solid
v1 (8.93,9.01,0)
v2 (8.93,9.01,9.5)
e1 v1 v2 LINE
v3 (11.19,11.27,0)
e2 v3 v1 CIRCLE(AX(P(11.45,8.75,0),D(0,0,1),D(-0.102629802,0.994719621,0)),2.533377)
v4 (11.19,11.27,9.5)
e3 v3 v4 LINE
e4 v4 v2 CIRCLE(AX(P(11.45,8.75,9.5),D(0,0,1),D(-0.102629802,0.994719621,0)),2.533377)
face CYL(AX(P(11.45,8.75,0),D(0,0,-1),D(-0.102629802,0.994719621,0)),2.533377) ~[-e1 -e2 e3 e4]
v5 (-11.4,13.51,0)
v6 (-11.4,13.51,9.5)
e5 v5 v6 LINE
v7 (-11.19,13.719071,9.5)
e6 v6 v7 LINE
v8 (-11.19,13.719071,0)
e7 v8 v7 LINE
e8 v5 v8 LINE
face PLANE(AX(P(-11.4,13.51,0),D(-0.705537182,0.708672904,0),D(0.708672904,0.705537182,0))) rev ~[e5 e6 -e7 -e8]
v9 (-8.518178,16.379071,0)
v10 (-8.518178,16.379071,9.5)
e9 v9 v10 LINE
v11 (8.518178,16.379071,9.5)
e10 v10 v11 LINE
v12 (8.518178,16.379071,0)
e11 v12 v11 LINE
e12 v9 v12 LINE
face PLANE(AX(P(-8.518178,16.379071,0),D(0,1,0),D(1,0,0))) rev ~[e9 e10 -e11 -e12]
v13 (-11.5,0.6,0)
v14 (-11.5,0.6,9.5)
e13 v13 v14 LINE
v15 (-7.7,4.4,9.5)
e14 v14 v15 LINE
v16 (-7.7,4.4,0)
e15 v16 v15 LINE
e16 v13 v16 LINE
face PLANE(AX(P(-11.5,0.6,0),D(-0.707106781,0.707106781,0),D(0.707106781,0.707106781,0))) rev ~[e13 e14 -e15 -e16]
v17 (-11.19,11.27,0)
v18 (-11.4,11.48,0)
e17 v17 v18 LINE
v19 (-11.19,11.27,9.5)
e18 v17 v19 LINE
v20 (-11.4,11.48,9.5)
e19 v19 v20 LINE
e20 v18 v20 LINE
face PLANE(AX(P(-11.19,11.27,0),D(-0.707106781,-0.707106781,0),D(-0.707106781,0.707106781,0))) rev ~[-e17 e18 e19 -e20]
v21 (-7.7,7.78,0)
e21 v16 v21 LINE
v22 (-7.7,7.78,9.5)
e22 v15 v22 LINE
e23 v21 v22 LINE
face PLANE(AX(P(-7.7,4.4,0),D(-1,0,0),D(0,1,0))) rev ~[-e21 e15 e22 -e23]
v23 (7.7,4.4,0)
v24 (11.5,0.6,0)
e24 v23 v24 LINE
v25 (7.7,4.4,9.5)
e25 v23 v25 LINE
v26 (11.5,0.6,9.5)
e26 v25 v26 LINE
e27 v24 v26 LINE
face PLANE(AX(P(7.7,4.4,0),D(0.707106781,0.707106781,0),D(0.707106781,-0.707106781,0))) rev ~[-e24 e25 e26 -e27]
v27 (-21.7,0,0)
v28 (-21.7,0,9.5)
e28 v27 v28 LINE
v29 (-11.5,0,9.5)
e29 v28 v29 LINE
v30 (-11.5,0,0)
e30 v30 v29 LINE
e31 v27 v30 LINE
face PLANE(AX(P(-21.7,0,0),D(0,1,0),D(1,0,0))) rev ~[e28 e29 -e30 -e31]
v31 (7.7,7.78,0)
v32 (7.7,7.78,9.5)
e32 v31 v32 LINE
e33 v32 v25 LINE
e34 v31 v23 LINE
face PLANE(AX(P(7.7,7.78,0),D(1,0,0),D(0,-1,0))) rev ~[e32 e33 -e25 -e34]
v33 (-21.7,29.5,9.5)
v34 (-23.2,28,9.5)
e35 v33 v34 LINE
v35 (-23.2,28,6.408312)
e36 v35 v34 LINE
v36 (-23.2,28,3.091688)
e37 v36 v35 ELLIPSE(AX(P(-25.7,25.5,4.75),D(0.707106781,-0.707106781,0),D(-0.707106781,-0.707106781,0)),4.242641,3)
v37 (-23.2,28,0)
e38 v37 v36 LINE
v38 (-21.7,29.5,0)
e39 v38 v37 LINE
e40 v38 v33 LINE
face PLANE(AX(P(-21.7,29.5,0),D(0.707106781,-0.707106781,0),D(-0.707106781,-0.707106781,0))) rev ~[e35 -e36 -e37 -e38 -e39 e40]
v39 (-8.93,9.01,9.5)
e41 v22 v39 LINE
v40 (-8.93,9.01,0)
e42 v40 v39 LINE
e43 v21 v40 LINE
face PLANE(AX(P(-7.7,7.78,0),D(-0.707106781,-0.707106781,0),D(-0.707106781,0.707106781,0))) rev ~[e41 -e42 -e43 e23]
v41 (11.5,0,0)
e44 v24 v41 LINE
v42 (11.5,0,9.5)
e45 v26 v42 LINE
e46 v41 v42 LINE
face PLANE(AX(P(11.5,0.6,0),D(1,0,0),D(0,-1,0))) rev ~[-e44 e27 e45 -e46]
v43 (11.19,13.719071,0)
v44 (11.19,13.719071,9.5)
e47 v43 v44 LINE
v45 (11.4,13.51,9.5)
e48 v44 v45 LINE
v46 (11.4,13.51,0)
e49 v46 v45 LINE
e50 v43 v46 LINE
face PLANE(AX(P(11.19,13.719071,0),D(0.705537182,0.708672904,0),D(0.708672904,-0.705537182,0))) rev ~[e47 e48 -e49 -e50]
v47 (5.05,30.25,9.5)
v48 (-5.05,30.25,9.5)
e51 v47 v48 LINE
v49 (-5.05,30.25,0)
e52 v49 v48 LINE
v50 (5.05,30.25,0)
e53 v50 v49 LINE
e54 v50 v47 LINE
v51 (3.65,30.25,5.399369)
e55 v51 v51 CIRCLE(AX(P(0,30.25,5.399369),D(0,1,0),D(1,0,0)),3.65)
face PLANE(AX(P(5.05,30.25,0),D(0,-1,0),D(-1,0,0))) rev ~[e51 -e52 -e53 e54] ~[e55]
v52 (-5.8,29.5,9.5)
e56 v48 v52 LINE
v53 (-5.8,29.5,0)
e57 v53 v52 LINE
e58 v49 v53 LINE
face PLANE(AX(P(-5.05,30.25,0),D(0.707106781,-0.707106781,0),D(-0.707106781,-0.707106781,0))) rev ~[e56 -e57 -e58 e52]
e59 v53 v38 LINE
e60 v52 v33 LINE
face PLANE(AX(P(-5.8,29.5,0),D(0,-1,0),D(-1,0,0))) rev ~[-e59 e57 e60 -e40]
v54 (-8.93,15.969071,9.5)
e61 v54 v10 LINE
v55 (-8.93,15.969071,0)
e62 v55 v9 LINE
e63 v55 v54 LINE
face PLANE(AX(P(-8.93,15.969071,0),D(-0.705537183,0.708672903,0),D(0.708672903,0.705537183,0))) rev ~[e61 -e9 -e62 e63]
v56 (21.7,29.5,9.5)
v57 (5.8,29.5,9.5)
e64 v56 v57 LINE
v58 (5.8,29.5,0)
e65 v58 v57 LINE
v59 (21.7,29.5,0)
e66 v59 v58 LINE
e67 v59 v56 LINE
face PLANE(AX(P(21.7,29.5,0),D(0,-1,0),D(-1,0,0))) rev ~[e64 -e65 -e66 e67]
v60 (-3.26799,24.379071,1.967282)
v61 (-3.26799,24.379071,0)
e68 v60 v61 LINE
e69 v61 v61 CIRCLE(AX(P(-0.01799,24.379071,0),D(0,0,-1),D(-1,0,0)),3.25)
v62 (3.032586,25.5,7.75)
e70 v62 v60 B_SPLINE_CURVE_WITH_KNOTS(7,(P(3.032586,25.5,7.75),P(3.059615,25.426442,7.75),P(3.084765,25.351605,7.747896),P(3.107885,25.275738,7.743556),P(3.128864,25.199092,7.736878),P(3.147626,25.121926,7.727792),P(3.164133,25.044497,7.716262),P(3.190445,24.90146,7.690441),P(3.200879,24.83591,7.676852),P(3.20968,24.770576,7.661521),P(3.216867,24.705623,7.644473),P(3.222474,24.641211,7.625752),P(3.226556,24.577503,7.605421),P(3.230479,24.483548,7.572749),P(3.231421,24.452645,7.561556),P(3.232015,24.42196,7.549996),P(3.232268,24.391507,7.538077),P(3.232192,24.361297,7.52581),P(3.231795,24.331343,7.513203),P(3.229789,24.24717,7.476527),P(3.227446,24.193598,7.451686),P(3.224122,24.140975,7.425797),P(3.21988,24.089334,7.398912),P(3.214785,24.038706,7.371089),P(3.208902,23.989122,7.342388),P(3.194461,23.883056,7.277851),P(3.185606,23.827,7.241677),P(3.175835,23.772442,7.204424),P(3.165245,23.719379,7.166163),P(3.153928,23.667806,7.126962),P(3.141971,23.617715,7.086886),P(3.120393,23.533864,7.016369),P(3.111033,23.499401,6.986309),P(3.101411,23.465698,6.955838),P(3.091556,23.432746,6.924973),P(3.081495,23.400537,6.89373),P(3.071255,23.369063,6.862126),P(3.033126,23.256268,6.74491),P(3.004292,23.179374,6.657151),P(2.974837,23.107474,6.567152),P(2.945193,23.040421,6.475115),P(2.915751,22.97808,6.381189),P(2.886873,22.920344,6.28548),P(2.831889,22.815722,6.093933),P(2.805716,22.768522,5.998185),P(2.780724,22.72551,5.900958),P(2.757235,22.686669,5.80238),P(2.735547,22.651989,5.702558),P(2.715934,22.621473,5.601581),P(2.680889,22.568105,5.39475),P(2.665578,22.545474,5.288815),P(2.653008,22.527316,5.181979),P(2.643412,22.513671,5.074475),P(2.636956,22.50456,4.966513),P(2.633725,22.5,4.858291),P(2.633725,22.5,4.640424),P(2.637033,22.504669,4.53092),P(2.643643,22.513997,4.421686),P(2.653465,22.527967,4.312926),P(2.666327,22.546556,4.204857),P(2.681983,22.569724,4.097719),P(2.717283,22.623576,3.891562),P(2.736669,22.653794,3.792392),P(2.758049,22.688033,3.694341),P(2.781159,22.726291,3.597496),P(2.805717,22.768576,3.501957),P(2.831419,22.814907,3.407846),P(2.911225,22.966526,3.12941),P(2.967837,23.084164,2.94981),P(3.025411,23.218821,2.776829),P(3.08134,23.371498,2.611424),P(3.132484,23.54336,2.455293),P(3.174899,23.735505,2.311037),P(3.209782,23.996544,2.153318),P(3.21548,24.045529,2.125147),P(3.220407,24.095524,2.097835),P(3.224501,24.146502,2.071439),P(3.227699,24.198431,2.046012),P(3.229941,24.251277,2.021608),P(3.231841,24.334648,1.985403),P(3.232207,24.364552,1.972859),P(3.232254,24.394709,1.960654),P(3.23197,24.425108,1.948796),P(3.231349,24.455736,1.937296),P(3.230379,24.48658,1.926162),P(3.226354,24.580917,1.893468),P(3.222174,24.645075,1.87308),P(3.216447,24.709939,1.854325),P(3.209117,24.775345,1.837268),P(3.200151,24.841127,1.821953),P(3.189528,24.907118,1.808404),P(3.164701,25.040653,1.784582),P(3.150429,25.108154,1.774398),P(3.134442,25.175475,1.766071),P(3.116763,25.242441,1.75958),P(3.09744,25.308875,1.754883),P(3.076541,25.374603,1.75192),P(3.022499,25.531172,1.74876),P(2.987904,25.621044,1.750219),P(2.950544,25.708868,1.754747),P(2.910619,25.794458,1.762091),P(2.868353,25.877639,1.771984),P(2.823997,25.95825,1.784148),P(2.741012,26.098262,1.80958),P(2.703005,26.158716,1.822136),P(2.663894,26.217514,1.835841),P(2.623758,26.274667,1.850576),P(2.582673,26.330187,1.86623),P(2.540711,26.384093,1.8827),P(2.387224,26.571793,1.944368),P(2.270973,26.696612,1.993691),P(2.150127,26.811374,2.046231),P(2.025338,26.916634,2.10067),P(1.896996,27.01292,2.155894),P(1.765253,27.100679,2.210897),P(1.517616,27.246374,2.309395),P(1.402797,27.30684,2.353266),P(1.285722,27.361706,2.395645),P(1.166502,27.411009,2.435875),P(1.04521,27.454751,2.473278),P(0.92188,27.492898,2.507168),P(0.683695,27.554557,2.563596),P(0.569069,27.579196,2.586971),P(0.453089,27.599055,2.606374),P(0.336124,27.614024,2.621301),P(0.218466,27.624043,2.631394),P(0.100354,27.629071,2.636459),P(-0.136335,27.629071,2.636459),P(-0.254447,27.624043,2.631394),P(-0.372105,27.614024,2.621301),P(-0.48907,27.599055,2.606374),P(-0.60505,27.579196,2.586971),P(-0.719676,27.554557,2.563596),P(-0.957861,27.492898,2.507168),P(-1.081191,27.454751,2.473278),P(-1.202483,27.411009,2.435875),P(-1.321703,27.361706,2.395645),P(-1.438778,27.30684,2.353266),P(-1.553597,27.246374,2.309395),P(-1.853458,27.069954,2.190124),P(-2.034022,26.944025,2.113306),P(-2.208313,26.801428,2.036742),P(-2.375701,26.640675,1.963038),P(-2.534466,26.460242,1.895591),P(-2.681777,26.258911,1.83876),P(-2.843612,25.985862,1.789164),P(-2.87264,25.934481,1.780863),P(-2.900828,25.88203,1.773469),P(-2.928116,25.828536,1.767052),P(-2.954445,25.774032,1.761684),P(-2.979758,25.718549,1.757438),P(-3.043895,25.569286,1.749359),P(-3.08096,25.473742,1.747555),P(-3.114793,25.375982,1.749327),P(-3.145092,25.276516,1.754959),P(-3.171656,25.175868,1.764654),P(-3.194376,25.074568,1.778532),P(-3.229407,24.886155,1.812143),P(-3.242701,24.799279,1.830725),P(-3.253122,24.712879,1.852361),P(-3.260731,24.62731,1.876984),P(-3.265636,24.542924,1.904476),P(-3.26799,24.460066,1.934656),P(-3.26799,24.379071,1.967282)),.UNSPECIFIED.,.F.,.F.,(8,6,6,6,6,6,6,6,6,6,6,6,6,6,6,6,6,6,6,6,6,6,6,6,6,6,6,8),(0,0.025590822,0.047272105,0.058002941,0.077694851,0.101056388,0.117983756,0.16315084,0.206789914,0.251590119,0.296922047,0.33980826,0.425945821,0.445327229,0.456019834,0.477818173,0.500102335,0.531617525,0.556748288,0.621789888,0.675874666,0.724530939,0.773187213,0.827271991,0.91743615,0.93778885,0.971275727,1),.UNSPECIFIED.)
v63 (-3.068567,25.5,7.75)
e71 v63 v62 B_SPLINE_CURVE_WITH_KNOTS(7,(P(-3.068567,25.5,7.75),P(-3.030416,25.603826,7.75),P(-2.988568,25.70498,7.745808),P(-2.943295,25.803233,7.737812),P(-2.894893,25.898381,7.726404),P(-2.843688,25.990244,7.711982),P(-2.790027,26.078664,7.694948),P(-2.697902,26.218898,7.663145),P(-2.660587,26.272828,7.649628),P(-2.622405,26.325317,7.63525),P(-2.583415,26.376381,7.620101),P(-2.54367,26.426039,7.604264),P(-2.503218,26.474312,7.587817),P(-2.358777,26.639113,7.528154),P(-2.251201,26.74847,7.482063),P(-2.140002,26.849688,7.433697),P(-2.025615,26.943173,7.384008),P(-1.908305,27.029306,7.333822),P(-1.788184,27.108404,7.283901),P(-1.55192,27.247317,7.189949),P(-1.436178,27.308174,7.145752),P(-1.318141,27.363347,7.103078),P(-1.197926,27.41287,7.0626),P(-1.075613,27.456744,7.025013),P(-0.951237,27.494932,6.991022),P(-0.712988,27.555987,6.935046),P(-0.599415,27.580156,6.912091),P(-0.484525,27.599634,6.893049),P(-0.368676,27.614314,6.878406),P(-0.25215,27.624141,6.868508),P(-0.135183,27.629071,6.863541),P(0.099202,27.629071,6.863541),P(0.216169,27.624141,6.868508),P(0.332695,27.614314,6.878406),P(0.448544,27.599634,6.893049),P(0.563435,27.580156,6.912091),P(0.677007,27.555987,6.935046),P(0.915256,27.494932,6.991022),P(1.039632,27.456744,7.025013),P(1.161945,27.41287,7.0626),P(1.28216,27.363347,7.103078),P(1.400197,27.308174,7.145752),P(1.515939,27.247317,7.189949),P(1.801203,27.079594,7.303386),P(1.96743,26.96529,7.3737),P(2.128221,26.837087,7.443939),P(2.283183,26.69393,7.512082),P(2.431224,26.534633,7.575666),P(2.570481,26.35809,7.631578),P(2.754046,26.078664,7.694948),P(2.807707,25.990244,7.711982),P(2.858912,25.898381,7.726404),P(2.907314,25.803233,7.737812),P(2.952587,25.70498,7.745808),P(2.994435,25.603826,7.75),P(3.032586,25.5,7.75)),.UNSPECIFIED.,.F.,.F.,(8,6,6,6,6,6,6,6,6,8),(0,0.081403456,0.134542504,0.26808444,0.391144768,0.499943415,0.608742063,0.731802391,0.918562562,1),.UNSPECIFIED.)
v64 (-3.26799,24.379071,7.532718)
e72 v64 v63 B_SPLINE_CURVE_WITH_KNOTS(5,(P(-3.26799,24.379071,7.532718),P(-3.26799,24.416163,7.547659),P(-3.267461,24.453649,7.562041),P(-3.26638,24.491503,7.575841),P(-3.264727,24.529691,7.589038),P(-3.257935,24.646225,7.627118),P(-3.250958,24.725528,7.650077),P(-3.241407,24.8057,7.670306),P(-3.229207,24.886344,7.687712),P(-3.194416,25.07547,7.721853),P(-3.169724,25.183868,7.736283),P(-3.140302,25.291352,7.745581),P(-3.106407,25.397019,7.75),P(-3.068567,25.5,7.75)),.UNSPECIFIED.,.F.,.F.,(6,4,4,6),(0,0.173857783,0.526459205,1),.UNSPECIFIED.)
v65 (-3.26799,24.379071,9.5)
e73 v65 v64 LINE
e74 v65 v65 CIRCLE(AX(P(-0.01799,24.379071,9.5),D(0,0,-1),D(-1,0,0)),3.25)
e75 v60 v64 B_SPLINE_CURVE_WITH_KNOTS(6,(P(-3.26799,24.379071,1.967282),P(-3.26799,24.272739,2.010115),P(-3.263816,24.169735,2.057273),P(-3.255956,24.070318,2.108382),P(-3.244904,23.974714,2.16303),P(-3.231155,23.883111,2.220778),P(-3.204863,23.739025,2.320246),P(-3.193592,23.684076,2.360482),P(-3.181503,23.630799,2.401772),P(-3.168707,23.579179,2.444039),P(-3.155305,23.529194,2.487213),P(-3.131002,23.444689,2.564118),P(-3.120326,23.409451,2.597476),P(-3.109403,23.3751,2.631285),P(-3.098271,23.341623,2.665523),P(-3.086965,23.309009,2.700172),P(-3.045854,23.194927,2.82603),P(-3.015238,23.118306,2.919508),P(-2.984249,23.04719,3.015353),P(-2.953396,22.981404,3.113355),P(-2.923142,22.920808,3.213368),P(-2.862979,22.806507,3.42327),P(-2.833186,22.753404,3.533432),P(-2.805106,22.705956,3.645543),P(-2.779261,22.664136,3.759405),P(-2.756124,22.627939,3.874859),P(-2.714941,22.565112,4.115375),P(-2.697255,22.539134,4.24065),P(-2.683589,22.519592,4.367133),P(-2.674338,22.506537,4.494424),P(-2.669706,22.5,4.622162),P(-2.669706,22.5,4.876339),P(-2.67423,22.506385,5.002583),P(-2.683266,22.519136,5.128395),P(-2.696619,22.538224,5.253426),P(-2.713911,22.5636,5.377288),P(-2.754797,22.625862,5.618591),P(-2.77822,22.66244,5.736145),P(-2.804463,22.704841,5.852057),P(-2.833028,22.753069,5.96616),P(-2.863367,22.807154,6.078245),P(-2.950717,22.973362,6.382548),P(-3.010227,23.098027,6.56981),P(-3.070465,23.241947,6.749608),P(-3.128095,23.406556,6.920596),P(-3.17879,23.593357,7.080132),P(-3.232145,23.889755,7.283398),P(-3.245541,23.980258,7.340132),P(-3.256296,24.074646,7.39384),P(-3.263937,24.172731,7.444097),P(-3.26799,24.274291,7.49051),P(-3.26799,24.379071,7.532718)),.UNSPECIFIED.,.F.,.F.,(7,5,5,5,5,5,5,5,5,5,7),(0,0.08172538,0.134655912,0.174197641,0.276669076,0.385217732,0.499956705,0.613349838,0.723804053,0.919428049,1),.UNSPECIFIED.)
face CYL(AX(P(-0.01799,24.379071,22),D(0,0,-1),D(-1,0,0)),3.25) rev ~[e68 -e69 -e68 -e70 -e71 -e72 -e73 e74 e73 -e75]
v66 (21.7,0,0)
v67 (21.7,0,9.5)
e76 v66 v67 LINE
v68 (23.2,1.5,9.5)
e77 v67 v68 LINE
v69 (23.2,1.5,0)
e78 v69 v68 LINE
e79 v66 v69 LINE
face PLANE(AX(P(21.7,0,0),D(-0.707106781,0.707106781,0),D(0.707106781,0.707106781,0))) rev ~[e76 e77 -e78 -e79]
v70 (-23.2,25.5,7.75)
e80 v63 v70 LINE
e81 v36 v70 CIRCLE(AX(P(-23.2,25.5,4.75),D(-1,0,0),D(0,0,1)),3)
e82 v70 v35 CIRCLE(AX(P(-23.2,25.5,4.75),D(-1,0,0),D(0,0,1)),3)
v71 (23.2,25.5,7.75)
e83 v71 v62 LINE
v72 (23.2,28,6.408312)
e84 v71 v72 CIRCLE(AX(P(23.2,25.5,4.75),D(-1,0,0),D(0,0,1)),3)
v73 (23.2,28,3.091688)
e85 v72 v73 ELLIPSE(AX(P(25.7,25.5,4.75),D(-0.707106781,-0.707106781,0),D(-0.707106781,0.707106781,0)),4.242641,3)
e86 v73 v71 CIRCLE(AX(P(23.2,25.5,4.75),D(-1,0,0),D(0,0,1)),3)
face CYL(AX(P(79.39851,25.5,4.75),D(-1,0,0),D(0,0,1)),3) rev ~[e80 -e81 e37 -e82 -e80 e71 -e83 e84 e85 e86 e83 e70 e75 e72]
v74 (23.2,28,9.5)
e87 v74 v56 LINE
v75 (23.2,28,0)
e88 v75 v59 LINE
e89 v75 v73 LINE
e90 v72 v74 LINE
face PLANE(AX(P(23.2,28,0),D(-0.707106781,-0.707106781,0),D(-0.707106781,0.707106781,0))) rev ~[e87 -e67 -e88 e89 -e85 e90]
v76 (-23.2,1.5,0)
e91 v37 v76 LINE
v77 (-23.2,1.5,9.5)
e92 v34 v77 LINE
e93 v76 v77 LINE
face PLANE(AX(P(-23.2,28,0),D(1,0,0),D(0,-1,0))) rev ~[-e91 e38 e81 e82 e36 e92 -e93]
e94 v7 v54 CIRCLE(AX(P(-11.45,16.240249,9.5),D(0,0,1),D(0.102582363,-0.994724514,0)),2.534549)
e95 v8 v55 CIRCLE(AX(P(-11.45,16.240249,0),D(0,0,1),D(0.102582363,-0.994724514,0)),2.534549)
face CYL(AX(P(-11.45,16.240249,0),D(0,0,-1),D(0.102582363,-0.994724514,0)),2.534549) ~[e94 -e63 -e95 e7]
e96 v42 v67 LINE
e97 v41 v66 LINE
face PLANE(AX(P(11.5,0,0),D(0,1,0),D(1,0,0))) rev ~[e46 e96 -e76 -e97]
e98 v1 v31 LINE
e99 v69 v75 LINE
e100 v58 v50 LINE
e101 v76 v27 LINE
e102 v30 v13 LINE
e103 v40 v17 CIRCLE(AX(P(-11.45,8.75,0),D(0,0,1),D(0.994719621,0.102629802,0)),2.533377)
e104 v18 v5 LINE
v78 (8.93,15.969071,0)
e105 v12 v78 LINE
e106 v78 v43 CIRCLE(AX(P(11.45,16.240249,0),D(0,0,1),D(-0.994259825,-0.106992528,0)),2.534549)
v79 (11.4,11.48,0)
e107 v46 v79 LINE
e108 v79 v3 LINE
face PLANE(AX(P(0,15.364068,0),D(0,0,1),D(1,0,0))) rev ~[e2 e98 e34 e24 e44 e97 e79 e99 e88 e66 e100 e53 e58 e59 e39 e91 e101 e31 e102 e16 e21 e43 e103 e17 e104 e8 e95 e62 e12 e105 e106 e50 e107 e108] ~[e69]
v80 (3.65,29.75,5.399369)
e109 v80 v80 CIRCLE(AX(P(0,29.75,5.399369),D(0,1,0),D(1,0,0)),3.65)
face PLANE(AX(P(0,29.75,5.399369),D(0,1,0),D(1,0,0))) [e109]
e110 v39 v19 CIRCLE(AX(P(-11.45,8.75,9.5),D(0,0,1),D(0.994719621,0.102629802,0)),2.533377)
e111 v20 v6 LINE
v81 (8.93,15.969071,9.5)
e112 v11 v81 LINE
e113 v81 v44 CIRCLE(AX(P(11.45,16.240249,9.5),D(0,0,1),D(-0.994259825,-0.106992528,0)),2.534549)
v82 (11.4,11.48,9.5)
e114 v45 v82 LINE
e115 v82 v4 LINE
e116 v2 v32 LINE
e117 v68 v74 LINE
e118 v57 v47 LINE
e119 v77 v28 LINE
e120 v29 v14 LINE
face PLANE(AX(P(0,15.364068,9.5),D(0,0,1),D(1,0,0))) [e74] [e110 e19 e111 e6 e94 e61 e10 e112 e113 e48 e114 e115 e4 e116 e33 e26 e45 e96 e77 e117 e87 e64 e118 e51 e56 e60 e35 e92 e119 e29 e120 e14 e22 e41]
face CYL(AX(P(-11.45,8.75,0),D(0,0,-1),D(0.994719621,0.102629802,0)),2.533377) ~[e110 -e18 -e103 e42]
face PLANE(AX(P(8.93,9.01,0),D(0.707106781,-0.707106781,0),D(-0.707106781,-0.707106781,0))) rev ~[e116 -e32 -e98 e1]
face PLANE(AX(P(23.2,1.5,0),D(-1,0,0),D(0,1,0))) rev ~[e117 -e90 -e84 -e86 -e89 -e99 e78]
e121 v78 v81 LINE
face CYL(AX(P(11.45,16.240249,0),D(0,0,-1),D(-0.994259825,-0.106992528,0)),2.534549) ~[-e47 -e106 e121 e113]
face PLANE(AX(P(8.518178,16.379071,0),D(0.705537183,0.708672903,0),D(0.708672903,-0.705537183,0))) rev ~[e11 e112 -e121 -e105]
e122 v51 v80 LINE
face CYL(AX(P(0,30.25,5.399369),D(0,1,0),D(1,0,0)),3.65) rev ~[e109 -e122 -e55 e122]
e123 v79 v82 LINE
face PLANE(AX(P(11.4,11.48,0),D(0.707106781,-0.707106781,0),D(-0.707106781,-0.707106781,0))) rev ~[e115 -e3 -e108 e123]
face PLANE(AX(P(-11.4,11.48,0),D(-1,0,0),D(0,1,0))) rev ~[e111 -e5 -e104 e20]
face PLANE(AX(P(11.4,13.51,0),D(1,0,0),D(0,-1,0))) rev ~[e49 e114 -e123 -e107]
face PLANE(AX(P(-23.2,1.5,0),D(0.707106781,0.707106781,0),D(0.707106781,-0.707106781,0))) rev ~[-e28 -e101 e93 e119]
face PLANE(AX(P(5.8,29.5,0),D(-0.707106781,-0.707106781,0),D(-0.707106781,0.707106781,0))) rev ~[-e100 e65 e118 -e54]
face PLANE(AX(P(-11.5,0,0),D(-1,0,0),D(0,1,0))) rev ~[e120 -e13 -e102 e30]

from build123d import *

# Parameters (mm, degrees)
ENDCAP_1_DEPTH                  = 9.5
TAP_DRILL_FOR_M6X1_0_TAP1_D     = 6.5
TAP_DRILL_FOR_M6X1_0_TAP1_DEPTH = 12.5
TAP_DRILL_FOR_M6X1_0_TAP1_TIP   = 1.691842914
TAP_DRILL_FOR_M6X1_0_TAP2_D     = 6
SKETCH9_R                       = 3.65
CUT_EXTRUDE1_DEPTH              = 0.5


with BuildPart() as part:
    # Sketch3 → Endcap 1 (new body)
    with BuildSketch(Plane.XY):
        with BuildLine():
            Line((-21.7, 0), (-11.5, 0))
            Line((-11.5, 0), (-11.5, 0.6))
            Line((-11.5, 0.6), (-7.7, 4.4))
            Line((-7.7, 4.4), (-7.7, 7.78))
            Line((-7.7, 7.78), (-8.93, 9.01))
            ThreePointArc((-8.93, 9.01), (-9.658631808, 10.541368192), (-11.19, 11.27))
            Line((-11.19, 11.27), (-11.4, 11.48))
            Line((-11.4, 11.48), (-11.4, 13.51))
            Line((-11.4, 13.51), (-11.19, 13.719070796))
            ThreePointArc((-11.19, 13.719070796), (-9.661781613, 14.44408255), (-8.93, 15.969070796))
            Line((-8.93, 15.969070796), (-8.518177778, 16.379070796))
            Line((-8.518177778, 16.379070796), (8.518177778, 16.379070796))
            Line((8.518177778, 16.379070796), (8.93, 15.969070796))
            ThreePointArc((8.93, 15.969070796), (9.661781613, 14.44408255), (11.19, 13.719070796))
            Line((11.19, 13.719070796), (11.4, 13.51))
            Line((11.4, 13.51), (11.4, 11.48))
            Line((11.4, 11.48), (11.19, 11.27))
            ThreePointArc((11.19, 11.27), (9.658631808, 10.541368192), (8.93, 9.01))
            Line((8.93, 9.01), (7.7, 7.78))
            Line((7.7, 7.78), (7.7, 4.4))
            Line((7.7, 4.4), (11.5, 0.6))
            Line((11.5, 0.6), (11.5, 0))
            Line((11.5, 0), (21.7, 0))
            Line((21.7, 0), (23.2, 1.5))
            Line((23.2, 1.5), (23.2, 28))
            Line((23.2, 28), (21.7, 29.5))
            Line((21.7, 29.5), (5.8, 29.5))
            Line((5.8, 29.5), (5.05, 30.25))
            Line((5.05, 30.25), (-5.05, 30.25))
            Line((-5.05, 30.25), (-5.8, 29.5))
            Line((-5.8, 29.5), (-21.7, 29.5))
            Line((-21.7, 29.5), (-23.2, 28))
            Line((-23.2, 28), (-23.2, 1.5))
            Line((-23.2, 1.5), (-21.7, 0))
        make_face()
    extrude(amount=ENDCAP_1_DEPTH)

    # Tap Drill for M6x1.0 Tap1
    with Locations(Plane.XY.offset(9.5)):
        with Locations((-0.017990465, 24.379070796)):
            Hole(TAP_DRILL_FOR_M6X1_0_TAP1_D / 2, depth=TAP_DRILL_FOR_M6X1_0_TAP1_DEPTH)
            with Locations((0, 0, -(TAP_DRILL_FOR_M6X1_0_TAP1_DEPTH + TAP_DRILL_FOR_M6X1_0_TAP1_TIP / 2))):  # 125° drill point
                Cone(0, TAP_DRILL_FOR_M6X1_0_TAP1_D / 2, TAP_DRILL_FOR_M6X1_0_TAP1_TIP, mode=Mode.SUBTRACT)

    # Tap Drill for M6x1.0 Tap2 (through all)
    with Locations(Plane(origin=(23.2, 0, 0), x_dir=(0, 0, -1), z_dir=(1, 0, 0))):
        with Locations((-4.75, 25.5)):
            Hole(TAP_DRILL_FOR_M6X1_0_TAP2_D / 2)

    # Sketch9 → Cut-Extrude1 (cut)
    with BuildSketch(Plane(origin=(0, 30.25, 0), x_dir=(1, 0, 0), z_dir=(0, 1, 0))):
        with Locations((0, -5.399368506)):
            Circle(SKETCH9_R)
    extrude(amount=-CUT_EXTRUDE1_DEPTH, mode=Mode.SUBTRACT)


solid = part.part
